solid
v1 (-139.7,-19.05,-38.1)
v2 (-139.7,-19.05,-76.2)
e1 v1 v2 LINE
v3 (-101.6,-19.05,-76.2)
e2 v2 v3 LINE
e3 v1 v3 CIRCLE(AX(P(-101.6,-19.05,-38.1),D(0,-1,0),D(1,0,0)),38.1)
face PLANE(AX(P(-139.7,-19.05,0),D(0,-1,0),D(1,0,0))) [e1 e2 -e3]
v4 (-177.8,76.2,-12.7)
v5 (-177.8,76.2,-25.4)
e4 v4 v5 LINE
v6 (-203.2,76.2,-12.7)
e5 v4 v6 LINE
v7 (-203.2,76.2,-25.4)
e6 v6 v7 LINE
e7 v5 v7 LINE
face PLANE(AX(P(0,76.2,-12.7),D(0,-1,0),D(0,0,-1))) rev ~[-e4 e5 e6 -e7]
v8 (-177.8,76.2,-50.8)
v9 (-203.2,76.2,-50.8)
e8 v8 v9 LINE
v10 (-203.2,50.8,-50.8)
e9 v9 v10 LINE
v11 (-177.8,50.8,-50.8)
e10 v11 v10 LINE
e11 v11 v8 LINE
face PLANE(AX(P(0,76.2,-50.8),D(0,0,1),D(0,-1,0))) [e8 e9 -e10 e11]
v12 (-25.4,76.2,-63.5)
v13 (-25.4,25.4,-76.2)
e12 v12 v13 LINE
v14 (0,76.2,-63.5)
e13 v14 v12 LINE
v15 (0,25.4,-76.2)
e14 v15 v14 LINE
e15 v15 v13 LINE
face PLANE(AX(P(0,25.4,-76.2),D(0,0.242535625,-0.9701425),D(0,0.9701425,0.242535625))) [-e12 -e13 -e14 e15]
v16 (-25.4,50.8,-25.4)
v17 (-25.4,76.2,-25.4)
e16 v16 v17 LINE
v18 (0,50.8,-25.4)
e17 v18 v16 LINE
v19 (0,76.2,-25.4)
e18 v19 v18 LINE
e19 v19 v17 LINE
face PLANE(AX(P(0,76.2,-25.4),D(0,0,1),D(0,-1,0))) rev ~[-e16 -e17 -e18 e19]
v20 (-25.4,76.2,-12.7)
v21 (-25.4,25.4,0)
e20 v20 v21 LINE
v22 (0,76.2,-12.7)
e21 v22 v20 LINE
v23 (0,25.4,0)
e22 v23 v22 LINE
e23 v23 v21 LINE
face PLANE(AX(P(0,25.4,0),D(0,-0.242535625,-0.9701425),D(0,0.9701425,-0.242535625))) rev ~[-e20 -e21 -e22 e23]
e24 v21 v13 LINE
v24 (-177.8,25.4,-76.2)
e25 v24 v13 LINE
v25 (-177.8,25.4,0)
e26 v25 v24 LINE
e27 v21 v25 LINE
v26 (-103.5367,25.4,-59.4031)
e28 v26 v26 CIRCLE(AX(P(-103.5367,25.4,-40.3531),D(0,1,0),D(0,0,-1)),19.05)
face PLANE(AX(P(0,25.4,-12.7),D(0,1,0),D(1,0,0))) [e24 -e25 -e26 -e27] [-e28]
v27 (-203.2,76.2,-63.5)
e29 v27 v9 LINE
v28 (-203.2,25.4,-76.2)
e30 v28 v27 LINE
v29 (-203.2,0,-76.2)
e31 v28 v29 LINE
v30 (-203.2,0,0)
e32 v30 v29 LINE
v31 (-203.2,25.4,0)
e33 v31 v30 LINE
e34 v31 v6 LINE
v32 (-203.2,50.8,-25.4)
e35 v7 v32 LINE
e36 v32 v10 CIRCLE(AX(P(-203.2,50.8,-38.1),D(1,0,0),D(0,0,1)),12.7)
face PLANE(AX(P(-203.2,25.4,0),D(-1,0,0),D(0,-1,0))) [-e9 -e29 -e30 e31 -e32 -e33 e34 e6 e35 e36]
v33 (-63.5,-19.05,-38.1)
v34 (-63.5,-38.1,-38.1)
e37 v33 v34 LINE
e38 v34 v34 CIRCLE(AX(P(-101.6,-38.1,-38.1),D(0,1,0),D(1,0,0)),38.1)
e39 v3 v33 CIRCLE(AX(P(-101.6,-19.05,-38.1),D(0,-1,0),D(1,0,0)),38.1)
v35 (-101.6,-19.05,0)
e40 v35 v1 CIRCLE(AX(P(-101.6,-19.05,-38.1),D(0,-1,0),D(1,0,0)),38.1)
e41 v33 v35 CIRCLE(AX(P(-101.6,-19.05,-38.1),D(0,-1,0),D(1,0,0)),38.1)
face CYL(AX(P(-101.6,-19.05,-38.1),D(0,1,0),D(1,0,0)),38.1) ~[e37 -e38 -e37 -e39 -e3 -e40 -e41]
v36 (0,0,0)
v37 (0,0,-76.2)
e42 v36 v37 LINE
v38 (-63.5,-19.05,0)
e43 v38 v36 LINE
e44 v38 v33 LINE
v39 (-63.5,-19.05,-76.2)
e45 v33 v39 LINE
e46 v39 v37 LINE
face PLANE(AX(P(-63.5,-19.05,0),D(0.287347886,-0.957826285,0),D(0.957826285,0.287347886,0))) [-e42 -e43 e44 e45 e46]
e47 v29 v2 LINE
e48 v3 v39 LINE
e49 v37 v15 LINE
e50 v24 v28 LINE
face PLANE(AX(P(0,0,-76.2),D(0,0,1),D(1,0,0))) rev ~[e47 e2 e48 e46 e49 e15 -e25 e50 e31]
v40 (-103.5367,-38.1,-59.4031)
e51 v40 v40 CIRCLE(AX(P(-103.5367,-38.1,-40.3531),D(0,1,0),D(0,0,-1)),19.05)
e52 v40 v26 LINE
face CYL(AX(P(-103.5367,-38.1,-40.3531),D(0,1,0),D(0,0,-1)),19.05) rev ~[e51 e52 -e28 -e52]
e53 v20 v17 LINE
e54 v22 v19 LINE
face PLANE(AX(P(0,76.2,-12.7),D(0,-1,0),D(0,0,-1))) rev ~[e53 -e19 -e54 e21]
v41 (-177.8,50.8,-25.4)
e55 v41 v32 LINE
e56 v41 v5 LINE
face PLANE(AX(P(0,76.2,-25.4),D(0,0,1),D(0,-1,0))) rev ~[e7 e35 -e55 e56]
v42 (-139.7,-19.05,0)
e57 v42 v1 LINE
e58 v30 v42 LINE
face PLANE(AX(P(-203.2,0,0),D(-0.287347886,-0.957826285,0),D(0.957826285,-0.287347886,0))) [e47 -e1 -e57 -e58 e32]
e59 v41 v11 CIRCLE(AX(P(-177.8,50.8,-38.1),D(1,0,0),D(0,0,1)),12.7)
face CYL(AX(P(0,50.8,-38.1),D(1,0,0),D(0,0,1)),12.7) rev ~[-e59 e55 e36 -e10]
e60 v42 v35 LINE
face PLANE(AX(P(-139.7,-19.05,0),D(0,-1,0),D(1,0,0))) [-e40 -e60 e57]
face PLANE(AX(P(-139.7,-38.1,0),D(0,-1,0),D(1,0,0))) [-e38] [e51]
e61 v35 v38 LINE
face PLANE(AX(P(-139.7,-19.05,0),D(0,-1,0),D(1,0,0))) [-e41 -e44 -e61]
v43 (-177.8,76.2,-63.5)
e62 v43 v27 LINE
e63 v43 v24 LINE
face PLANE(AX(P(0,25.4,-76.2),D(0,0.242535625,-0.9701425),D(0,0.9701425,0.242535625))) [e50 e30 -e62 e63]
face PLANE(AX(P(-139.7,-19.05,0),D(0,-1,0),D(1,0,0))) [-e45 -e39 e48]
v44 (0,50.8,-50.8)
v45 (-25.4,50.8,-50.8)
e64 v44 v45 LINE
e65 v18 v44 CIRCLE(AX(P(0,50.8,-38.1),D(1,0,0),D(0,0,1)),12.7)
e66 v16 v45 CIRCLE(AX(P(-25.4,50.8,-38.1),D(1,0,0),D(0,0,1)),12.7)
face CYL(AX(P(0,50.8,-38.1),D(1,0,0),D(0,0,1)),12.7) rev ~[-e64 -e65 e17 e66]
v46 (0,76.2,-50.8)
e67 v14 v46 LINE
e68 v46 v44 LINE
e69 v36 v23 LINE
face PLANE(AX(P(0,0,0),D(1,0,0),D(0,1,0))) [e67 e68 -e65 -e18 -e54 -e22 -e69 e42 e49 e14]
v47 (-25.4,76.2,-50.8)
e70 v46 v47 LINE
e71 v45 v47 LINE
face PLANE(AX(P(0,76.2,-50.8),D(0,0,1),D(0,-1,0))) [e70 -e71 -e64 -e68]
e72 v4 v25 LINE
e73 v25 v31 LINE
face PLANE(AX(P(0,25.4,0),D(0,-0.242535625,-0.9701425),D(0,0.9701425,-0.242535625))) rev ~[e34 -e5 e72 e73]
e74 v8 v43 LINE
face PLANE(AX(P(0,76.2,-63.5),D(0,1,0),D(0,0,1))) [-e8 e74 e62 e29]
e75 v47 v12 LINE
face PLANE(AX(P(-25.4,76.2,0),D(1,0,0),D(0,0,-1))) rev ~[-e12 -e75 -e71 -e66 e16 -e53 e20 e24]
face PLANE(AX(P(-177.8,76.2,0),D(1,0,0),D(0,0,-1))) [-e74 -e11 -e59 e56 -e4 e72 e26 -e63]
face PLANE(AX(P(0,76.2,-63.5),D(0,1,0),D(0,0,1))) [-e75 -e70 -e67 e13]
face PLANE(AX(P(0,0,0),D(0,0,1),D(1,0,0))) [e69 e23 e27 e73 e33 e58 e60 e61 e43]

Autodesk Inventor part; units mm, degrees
ref_plane "YZ Plane" through (0, 0, 0) normal (1, 0, 0) x (0, 1, 0)
ref_plane "XZ Plane" through (0, 0, 0) normal (0, 1, 0) x (-1, 0, 0)
ref_plane "XY Plane" through (0, 0, 0) normal (0, 0, 1) x (1, 0, 0)
sketch "Sketch1" plane through (0, 0, 0) normal (0, 0, 1) x (1, 0, 0)
  line L0 (0, 0) -> (0, 25.4)
  line L1 (0, 25.4) -> (-203.2, 25.4)
  line L2 (-203.2, 25.4) -> (-203.2, 0)
  line L3 (-203.2, 0) -> (-139.7, -19.05)
  line L4 (-139.7, -19.05) -> (-63.5, -19.05)
  line L5 (-63.5, -19.05) -> (0, 0)
  dimension "d0" = 203.2
  dimension "d1" = 25.4
  dimension "d2" = 63.5
  dimension "d3" = 44.45
extrude "Extrusion1" add sketch "Sketch1" against normal blind 76.2
sketch "Sketch2" plane through (0, 0, 0) normal (1, 0, 0) x (0, 0, -1)
  line L0 (12.7, 76.2) -> (25.4, 76.2)
  line L1 (25.4, 76.2) -> (25.4, 50.8)
  line L2 (76.2, 25.4) -> (63.5, 76.2)
  line L3 (63.5, 76.2) -> (50.8, 76.2)
  line L4 (0, 25.4) -> (76.2, 25.4) projected
  line L5 (50.8, 76.2) -> (50.8, 50.8)
  arc A0 (25.4, 50.8) -> (50.8, 50.8) centre (38.1, 50.8) ccw
  line L6 (0, 25.4) -> (12.7, 76.2)
  line L7 (0, 25.4) -> (76.2, 25.4)
  point P0 (0, 0)
  dimension "d6" = 12.7
  dimension "d7" = 25.4
  dimension "d8" = 76.2
  dimension "d9" = 76.2
  dimension "d10" = 50.8
extrude "Extrusion2" add sketch "Sketch2" against normal blind 203.2
sketch "Sketch3" plane through (0, 76.2, -12.7) normal (0, 1, 0) x (1, 0, 0)
  line L0 (0, -12.7) -> (-203.2, -12.7) projected
  line L1 (-177.8, -12.7) -> (-177.8, 63.5)
  line L2 (-139.7, 63.5) -> (-203.2, 63.5) projected
  line L3 (-177.8, -12.7) -> (-25.4, -12.7)
  line L4 (-63.5, -12.7) -> (0, -12.7) projected
  line L5 (-25.4, -12.7) -> (-25.4, 63.5)
  line L6 (0, 63.5) -> (-63.5, 63.5) projected
  line L7 (-25.4, 63.5) -> (-177.8, 63.5)
  line L8 (-203.2, 12.7) -> (-203.2, 38.1) projected
  line L9 (0, 38.1) -> (0, 12.7) projected
  dimension "d13" = 25.4
  dimension "d14" = 25.4
extrude "Extrusion3" cut sketch "Sketch3" against normal blind 50.8
sketch "Sketch4" plane through (-139.7, -19.05, 0) normal (0, -1, 0) x (1, 0, 0)
  circle A0 centre (38.1, -38.1) radius 38.1
  line L0 (0, 0) -> (76.2, 0) projected
  line L1 (76.2, 0) -> (76.2, -76.2) projected
  point P0 (139.7, 0)
  dimension "d17" = 76.2
extrude "Extrusion4" add sketch "Sketch4" along normal blind 19.05 contours A0
hole "Hole1" at (-103.5367, -38.1, -40.3531) direction (0, 1, 0) diameter 38.1 end through all
properties part number "HW 7 Part 1" material "Iron, Cast"
